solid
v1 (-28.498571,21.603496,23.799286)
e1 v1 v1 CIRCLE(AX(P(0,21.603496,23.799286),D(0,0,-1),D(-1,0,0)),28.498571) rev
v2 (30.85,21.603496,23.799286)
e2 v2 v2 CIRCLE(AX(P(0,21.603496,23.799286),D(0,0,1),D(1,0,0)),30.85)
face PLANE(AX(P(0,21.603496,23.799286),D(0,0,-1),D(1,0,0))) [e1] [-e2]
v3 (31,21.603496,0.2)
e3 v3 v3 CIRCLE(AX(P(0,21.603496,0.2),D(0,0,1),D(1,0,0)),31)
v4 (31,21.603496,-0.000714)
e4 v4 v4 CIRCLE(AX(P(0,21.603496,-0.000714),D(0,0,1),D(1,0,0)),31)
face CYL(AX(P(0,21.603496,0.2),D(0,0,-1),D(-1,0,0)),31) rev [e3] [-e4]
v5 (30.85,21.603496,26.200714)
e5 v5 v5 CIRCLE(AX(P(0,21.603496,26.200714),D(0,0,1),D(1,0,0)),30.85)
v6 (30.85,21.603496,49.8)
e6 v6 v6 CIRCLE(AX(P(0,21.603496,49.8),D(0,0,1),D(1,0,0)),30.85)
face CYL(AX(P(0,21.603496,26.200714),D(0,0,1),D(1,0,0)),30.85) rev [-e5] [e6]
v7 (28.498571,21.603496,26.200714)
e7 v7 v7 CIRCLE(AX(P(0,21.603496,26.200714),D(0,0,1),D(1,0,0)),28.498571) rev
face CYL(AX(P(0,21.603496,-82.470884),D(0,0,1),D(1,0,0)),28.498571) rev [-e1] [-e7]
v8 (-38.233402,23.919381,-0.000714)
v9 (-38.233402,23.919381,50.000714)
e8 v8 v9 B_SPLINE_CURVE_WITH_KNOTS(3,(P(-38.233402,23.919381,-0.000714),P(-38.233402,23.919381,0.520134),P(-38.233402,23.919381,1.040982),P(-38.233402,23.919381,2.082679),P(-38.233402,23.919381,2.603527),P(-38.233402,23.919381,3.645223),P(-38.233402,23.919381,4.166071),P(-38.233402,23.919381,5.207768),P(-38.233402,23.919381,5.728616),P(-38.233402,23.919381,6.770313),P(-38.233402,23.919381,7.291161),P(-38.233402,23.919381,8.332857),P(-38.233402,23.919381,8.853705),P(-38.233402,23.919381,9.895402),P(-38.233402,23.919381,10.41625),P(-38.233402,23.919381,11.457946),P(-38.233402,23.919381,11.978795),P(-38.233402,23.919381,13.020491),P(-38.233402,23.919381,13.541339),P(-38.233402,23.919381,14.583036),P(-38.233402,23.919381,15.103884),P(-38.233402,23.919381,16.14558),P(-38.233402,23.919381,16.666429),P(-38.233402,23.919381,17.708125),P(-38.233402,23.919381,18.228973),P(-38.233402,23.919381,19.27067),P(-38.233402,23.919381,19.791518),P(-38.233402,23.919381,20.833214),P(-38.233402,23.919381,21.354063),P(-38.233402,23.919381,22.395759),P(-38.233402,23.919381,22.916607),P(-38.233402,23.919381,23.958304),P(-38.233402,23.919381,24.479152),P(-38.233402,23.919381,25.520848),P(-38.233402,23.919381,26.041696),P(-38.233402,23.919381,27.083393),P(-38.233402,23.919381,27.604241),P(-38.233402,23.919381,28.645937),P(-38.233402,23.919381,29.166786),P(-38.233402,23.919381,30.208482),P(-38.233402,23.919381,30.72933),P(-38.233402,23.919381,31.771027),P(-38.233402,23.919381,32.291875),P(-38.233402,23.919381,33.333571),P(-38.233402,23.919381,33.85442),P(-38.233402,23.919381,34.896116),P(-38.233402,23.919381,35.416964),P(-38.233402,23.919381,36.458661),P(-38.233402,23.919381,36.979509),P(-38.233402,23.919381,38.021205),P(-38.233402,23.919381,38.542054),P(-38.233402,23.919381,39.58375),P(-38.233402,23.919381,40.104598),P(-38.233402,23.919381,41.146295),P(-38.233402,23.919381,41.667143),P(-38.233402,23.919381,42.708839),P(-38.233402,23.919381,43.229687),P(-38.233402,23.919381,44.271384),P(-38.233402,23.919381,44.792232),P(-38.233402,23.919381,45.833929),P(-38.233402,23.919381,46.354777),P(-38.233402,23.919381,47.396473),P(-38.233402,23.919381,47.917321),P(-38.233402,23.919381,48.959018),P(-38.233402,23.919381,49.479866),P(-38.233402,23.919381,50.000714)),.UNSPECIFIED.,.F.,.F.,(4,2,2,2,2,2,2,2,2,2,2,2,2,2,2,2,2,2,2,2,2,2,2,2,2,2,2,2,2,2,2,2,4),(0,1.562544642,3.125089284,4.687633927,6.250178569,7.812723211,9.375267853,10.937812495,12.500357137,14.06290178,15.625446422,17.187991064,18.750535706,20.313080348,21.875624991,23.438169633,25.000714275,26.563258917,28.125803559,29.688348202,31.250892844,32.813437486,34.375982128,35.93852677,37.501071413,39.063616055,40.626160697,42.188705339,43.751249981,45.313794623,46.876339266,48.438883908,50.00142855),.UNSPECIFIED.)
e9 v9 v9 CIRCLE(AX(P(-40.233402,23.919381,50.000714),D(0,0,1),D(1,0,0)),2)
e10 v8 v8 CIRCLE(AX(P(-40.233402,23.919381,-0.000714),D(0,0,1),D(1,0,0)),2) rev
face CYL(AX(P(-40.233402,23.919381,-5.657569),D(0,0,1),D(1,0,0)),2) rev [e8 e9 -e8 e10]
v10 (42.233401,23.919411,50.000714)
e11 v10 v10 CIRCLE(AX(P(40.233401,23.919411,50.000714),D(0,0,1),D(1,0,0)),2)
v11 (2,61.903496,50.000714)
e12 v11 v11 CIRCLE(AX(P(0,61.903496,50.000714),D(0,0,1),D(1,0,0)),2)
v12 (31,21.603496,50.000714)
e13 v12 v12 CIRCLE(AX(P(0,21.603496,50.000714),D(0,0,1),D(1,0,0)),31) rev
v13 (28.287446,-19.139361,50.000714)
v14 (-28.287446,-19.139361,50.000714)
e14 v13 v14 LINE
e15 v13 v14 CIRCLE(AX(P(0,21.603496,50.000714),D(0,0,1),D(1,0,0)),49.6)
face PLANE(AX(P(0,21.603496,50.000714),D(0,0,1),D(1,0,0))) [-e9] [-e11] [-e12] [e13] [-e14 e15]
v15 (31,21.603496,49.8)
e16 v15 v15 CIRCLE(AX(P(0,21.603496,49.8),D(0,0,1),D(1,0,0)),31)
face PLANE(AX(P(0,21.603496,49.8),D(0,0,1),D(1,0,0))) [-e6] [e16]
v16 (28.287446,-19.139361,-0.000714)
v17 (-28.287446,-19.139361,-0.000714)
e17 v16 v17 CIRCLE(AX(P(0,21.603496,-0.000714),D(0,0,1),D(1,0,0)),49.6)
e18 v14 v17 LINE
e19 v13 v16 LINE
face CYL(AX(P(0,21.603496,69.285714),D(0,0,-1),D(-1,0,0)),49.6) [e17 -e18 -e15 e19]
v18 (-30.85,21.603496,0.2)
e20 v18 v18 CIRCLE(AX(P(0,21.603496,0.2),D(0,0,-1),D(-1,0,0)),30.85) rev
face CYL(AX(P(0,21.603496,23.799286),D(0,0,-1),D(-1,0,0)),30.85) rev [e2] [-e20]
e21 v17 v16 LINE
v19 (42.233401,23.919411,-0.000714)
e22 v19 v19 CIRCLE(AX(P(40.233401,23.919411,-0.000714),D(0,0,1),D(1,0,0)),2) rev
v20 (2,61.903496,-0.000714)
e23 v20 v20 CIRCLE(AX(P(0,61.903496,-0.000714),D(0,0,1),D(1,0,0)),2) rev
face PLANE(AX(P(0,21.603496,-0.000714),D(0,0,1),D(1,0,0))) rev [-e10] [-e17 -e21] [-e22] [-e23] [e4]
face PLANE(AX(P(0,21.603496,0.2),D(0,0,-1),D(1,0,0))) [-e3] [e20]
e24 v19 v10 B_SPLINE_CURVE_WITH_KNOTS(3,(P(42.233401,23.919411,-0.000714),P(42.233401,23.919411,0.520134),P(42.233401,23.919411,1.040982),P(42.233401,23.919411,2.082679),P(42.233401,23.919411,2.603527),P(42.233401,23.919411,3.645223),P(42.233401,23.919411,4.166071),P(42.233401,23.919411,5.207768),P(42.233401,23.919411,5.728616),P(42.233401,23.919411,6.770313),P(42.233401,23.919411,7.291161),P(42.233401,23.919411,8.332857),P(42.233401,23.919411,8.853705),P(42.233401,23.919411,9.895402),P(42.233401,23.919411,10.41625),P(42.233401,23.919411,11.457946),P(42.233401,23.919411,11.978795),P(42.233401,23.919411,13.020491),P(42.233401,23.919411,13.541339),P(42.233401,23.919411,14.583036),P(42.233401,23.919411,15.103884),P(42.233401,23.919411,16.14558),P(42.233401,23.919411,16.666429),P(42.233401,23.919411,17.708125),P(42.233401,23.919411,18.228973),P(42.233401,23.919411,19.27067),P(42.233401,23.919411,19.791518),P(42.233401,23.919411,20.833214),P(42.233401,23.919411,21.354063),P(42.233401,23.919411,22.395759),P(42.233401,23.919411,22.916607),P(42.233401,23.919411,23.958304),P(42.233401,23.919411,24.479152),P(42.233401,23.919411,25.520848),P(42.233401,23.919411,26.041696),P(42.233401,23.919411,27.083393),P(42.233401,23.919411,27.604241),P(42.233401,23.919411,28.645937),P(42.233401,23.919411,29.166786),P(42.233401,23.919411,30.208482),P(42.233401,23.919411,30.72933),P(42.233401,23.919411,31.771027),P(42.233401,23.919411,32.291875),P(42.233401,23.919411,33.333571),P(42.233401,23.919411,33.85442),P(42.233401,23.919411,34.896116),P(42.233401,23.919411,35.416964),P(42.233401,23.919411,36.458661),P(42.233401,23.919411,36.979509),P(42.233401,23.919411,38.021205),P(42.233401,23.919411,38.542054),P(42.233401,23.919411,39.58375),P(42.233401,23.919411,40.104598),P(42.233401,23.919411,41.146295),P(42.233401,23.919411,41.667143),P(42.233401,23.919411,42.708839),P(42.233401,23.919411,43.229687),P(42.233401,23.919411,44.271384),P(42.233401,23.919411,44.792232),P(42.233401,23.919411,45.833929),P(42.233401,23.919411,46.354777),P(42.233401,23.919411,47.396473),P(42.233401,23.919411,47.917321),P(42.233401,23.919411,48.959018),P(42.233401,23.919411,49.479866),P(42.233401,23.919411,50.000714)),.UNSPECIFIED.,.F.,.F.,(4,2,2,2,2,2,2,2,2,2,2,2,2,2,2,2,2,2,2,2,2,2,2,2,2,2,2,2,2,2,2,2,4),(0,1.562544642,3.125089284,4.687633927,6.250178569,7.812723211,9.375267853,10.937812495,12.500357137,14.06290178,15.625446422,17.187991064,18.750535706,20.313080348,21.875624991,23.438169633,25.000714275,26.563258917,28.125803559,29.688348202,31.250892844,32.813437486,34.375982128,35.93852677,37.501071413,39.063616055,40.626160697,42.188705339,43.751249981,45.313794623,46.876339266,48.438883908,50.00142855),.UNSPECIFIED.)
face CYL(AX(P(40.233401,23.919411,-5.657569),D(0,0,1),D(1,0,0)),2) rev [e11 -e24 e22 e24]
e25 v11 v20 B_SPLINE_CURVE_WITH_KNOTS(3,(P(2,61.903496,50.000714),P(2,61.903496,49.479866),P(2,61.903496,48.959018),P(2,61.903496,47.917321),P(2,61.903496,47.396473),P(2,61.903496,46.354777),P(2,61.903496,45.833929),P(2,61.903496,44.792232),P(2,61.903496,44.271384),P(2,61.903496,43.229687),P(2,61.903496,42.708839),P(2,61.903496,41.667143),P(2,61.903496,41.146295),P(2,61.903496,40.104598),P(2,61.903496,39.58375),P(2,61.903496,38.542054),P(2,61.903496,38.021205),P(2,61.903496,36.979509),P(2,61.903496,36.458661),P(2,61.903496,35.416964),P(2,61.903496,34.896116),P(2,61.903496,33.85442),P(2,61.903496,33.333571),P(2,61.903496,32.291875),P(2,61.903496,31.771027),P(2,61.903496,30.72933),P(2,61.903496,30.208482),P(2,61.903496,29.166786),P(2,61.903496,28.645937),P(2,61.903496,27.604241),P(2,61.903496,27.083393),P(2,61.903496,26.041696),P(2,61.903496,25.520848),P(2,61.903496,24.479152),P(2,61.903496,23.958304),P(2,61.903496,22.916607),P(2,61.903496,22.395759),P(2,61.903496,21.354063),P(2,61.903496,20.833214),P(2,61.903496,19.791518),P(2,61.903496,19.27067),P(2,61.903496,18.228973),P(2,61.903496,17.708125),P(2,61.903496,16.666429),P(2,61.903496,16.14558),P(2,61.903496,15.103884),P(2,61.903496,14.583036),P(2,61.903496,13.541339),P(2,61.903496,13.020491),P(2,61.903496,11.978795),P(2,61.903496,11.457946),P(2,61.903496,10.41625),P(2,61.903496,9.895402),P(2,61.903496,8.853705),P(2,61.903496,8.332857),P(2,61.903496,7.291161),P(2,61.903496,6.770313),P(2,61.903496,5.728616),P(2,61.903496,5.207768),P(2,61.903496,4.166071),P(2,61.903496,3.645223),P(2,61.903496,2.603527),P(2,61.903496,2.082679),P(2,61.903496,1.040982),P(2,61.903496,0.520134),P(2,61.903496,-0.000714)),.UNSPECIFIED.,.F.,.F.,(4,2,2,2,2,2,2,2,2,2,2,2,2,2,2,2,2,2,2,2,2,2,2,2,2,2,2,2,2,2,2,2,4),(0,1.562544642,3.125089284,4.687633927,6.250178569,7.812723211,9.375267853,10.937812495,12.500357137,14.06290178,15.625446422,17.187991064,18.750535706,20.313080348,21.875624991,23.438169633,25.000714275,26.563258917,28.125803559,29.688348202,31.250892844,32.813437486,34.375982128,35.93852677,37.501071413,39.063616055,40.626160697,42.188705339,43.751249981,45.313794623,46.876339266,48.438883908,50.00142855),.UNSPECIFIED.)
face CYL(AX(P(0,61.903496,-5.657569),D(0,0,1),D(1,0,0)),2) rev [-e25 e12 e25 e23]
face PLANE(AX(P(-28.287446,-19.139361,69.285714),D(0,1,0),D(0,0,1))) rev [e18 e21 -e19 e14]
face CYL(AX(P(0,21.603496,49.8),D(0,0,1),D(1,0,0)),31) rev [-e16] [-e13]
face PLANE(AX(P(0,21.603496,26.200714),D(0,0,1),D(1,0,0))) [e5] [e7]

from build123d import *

# Parameters (mm, degrees)
SKETCH1_R           = 16.5
BOSS_EXTRUDE1_DEPTH = 50
SKETCH2_R           = 17.5
CUT_EXTRUDE1_DEPTH  = 11
SKETCH3_R           = 2
CUT_EXTRUDE2_DEPTH  = 10
SCALE1_SCALE        = 1.771428571
BOSS_EXTRUDE2_START = -49.599999988
SKETCH4_R           = 29.228571421
SKETCH4_R_2         = 28.498571422
BOSS_EXTRUDE2_DEPTH = 49.599999988
CUT_EXTRUDE6_START  = -44.285714
SKETCH6_R           = 28.498571422
CUT_EXTRUDE6_DEPTH  = 19.285
CUT_EXTRUDE7_START  = 50.000714
SKETCH7_R           = 28.498571422
CUT_EXTRUDE7_DEPTH  = 19.285
SKETCH9_R           = 30.85
CUT_EXTRUDE8_DEPTH  = 23.8
SKETCH10_R          = 2
CUT_EXTRUDE9_DEPTH  = 50.00142855


with BuildPart() as part:
    # Sketch1 → Boss-Extrude1 (new body)
    with BuildSketch(Plane.XY):
        with BuildLine():
            Line((-15.968719423, 0), (15.968719423, 0))
            ThreePointArc((15.968719423, 0), (0, 51), (-15.968719423, 0))
        make_face()
        with Locations((0, 23)):
            Circle(SKETCH1_R, mode=Mode.SUBTRACT)
    extrude(amount=BOSS_EXTRUDE1_DEPTH)

    # Sketch2 → Cut-Extrude1 (cut)
    with BuildSketch(Plane.XY.offset(50)):
        with Locations((0, 23)):
            Circle(SKETCH2_R)
    cut_extrude1 = extrude(amount=-CUT_EXTRUDE1_DEPTH, mode=Mode.SUBTRACT)

    # Mirror1: Cut-Extrude1 across plane
    add(cut_extrude1.mirror(Plane.XY.offset(25)), mode=Mode.SUBTRACT)

    # Sketch3 → Cut-Extrude2 (cut)
    with BuildSketch(Plane(origin=(0, 0, 0), x_dir=(-1, 0, 0), z_dir=(0, 0, -1))):
        with Locations((0, 45.5)):
            Circle(SKETCH3_R)
        with Locations((-22.5, 23)):
            Circle(SKETCH3_R)
        with Locations((22.5, 23)):
            Circle(SKETCH3_R)
    cut_extrude2 = extrude(amount=-CUT_EXTRUDE2_DEPTH, mode=Mode.SUBTRACT)

    # Mirror2: Cut-Extrude2 across plane
    add(cut_extrude2.mirror(Plane.XY.offset(25)), mode=Mode.SUBTRACT)


with BuildPart() as part_1:
    # Scale1: scaled about (0, 24.810283146, 25)
    add(part.part.scale(SCALE1_SCALE).moved(Location((0, -19.139361273, -19.285714275))))

    # Sketch4 → Boss-Extrude2 (add)
    with BuildSketch(Plane.XY.offset(49.799999994).offset(BOSS_EXTRUDE2_START)):
        with Locations((0, 21.60349586)):
            Circle(SKETCH4_R)
        with Locations((0, 21.60349586)):
            Circle(SKETCH4_R_2, mode=Mode.SUBTRACT)
    extrude(amount=BOSS_EXTRUDE2_DEPTH)

    # Sketch6 → Cut-Extrude6 (cut)
    with BuildSketch(Plane.XY.offset(25).offset(CUT_EXTRUDE6_START)):
        with BuildLine():
            Line((-28.287445828, -19.139361273), (28.287445828, -19.139361273))
            ThreePointArc((28.287445828, -19.139361273), (0, 71.203495848), (-28.287445828, -19.139361273))
        make_face()
        with Locations((0, 21.60349586)):
            Circle(SKETCH6_R, mode=Mode.SUBTRACT)
    extrude(amount=CUT_EXTRUDE6_DEPTH, mode=Mode.SUBTRACT)

    # Sketch7 → Cut-Extrude7 (cut)
    with BuildSketch(Plane.XY.offset(CUT_EXTRUDE7_START)):
        with BuildLine():
            Line((-28.287445828, -19.139361273), (28.287445828, -19.139361273))
            ThreePointArc((28.287445828, -19.139361273), (0, 71.203495848), (-28.287445828, -19.139361273))
        make_face()
        with Locations((0, 21.60349586)):
            Circle(SKETCH7_R, mode=Mode.SUBTRACT)
    extrude(amount=CUT_EXTRUDE7_DEPTH, mode=Mode.SUBTRACT)

    # Sketch9 → Cut-Extrude8 (cut)
    with BuildSketch(Plane.XY.offset(50.000714275)):
        with Locations((0, 21.60349586)):
            Circle(SKETCH9_R)
    cut_extrude8 = extrude(amount=-CUT_EXTRUDE8_DEPTH, mode=Mode.SUBTRACT)

    # Mirror3: Cut-Extrude8 across plane
    add(cut_extrude8.mirror(Plane.XY.offset(25)), mode=Mode.SUBTRACT)

    # Sketch10 → Cut-Extrude9 (cut)
    with BuildSketch(Plane.XY.offset(50.000714275)):
        with Locations((0, 61.90349586)):
            Circle(SKETCH10_R)
        with Locations((-40.233402491, 23.919381004)):
            Circle(SKETCH10_R)
        with Locations((40.233400771, 23.919410876)):
            Circle(SKETCH10_R)
    extrude(amount=-CUT_EXTRUDE9_DEPTH, mode=Mode.SUBTRACT)


solid = part_1.part
